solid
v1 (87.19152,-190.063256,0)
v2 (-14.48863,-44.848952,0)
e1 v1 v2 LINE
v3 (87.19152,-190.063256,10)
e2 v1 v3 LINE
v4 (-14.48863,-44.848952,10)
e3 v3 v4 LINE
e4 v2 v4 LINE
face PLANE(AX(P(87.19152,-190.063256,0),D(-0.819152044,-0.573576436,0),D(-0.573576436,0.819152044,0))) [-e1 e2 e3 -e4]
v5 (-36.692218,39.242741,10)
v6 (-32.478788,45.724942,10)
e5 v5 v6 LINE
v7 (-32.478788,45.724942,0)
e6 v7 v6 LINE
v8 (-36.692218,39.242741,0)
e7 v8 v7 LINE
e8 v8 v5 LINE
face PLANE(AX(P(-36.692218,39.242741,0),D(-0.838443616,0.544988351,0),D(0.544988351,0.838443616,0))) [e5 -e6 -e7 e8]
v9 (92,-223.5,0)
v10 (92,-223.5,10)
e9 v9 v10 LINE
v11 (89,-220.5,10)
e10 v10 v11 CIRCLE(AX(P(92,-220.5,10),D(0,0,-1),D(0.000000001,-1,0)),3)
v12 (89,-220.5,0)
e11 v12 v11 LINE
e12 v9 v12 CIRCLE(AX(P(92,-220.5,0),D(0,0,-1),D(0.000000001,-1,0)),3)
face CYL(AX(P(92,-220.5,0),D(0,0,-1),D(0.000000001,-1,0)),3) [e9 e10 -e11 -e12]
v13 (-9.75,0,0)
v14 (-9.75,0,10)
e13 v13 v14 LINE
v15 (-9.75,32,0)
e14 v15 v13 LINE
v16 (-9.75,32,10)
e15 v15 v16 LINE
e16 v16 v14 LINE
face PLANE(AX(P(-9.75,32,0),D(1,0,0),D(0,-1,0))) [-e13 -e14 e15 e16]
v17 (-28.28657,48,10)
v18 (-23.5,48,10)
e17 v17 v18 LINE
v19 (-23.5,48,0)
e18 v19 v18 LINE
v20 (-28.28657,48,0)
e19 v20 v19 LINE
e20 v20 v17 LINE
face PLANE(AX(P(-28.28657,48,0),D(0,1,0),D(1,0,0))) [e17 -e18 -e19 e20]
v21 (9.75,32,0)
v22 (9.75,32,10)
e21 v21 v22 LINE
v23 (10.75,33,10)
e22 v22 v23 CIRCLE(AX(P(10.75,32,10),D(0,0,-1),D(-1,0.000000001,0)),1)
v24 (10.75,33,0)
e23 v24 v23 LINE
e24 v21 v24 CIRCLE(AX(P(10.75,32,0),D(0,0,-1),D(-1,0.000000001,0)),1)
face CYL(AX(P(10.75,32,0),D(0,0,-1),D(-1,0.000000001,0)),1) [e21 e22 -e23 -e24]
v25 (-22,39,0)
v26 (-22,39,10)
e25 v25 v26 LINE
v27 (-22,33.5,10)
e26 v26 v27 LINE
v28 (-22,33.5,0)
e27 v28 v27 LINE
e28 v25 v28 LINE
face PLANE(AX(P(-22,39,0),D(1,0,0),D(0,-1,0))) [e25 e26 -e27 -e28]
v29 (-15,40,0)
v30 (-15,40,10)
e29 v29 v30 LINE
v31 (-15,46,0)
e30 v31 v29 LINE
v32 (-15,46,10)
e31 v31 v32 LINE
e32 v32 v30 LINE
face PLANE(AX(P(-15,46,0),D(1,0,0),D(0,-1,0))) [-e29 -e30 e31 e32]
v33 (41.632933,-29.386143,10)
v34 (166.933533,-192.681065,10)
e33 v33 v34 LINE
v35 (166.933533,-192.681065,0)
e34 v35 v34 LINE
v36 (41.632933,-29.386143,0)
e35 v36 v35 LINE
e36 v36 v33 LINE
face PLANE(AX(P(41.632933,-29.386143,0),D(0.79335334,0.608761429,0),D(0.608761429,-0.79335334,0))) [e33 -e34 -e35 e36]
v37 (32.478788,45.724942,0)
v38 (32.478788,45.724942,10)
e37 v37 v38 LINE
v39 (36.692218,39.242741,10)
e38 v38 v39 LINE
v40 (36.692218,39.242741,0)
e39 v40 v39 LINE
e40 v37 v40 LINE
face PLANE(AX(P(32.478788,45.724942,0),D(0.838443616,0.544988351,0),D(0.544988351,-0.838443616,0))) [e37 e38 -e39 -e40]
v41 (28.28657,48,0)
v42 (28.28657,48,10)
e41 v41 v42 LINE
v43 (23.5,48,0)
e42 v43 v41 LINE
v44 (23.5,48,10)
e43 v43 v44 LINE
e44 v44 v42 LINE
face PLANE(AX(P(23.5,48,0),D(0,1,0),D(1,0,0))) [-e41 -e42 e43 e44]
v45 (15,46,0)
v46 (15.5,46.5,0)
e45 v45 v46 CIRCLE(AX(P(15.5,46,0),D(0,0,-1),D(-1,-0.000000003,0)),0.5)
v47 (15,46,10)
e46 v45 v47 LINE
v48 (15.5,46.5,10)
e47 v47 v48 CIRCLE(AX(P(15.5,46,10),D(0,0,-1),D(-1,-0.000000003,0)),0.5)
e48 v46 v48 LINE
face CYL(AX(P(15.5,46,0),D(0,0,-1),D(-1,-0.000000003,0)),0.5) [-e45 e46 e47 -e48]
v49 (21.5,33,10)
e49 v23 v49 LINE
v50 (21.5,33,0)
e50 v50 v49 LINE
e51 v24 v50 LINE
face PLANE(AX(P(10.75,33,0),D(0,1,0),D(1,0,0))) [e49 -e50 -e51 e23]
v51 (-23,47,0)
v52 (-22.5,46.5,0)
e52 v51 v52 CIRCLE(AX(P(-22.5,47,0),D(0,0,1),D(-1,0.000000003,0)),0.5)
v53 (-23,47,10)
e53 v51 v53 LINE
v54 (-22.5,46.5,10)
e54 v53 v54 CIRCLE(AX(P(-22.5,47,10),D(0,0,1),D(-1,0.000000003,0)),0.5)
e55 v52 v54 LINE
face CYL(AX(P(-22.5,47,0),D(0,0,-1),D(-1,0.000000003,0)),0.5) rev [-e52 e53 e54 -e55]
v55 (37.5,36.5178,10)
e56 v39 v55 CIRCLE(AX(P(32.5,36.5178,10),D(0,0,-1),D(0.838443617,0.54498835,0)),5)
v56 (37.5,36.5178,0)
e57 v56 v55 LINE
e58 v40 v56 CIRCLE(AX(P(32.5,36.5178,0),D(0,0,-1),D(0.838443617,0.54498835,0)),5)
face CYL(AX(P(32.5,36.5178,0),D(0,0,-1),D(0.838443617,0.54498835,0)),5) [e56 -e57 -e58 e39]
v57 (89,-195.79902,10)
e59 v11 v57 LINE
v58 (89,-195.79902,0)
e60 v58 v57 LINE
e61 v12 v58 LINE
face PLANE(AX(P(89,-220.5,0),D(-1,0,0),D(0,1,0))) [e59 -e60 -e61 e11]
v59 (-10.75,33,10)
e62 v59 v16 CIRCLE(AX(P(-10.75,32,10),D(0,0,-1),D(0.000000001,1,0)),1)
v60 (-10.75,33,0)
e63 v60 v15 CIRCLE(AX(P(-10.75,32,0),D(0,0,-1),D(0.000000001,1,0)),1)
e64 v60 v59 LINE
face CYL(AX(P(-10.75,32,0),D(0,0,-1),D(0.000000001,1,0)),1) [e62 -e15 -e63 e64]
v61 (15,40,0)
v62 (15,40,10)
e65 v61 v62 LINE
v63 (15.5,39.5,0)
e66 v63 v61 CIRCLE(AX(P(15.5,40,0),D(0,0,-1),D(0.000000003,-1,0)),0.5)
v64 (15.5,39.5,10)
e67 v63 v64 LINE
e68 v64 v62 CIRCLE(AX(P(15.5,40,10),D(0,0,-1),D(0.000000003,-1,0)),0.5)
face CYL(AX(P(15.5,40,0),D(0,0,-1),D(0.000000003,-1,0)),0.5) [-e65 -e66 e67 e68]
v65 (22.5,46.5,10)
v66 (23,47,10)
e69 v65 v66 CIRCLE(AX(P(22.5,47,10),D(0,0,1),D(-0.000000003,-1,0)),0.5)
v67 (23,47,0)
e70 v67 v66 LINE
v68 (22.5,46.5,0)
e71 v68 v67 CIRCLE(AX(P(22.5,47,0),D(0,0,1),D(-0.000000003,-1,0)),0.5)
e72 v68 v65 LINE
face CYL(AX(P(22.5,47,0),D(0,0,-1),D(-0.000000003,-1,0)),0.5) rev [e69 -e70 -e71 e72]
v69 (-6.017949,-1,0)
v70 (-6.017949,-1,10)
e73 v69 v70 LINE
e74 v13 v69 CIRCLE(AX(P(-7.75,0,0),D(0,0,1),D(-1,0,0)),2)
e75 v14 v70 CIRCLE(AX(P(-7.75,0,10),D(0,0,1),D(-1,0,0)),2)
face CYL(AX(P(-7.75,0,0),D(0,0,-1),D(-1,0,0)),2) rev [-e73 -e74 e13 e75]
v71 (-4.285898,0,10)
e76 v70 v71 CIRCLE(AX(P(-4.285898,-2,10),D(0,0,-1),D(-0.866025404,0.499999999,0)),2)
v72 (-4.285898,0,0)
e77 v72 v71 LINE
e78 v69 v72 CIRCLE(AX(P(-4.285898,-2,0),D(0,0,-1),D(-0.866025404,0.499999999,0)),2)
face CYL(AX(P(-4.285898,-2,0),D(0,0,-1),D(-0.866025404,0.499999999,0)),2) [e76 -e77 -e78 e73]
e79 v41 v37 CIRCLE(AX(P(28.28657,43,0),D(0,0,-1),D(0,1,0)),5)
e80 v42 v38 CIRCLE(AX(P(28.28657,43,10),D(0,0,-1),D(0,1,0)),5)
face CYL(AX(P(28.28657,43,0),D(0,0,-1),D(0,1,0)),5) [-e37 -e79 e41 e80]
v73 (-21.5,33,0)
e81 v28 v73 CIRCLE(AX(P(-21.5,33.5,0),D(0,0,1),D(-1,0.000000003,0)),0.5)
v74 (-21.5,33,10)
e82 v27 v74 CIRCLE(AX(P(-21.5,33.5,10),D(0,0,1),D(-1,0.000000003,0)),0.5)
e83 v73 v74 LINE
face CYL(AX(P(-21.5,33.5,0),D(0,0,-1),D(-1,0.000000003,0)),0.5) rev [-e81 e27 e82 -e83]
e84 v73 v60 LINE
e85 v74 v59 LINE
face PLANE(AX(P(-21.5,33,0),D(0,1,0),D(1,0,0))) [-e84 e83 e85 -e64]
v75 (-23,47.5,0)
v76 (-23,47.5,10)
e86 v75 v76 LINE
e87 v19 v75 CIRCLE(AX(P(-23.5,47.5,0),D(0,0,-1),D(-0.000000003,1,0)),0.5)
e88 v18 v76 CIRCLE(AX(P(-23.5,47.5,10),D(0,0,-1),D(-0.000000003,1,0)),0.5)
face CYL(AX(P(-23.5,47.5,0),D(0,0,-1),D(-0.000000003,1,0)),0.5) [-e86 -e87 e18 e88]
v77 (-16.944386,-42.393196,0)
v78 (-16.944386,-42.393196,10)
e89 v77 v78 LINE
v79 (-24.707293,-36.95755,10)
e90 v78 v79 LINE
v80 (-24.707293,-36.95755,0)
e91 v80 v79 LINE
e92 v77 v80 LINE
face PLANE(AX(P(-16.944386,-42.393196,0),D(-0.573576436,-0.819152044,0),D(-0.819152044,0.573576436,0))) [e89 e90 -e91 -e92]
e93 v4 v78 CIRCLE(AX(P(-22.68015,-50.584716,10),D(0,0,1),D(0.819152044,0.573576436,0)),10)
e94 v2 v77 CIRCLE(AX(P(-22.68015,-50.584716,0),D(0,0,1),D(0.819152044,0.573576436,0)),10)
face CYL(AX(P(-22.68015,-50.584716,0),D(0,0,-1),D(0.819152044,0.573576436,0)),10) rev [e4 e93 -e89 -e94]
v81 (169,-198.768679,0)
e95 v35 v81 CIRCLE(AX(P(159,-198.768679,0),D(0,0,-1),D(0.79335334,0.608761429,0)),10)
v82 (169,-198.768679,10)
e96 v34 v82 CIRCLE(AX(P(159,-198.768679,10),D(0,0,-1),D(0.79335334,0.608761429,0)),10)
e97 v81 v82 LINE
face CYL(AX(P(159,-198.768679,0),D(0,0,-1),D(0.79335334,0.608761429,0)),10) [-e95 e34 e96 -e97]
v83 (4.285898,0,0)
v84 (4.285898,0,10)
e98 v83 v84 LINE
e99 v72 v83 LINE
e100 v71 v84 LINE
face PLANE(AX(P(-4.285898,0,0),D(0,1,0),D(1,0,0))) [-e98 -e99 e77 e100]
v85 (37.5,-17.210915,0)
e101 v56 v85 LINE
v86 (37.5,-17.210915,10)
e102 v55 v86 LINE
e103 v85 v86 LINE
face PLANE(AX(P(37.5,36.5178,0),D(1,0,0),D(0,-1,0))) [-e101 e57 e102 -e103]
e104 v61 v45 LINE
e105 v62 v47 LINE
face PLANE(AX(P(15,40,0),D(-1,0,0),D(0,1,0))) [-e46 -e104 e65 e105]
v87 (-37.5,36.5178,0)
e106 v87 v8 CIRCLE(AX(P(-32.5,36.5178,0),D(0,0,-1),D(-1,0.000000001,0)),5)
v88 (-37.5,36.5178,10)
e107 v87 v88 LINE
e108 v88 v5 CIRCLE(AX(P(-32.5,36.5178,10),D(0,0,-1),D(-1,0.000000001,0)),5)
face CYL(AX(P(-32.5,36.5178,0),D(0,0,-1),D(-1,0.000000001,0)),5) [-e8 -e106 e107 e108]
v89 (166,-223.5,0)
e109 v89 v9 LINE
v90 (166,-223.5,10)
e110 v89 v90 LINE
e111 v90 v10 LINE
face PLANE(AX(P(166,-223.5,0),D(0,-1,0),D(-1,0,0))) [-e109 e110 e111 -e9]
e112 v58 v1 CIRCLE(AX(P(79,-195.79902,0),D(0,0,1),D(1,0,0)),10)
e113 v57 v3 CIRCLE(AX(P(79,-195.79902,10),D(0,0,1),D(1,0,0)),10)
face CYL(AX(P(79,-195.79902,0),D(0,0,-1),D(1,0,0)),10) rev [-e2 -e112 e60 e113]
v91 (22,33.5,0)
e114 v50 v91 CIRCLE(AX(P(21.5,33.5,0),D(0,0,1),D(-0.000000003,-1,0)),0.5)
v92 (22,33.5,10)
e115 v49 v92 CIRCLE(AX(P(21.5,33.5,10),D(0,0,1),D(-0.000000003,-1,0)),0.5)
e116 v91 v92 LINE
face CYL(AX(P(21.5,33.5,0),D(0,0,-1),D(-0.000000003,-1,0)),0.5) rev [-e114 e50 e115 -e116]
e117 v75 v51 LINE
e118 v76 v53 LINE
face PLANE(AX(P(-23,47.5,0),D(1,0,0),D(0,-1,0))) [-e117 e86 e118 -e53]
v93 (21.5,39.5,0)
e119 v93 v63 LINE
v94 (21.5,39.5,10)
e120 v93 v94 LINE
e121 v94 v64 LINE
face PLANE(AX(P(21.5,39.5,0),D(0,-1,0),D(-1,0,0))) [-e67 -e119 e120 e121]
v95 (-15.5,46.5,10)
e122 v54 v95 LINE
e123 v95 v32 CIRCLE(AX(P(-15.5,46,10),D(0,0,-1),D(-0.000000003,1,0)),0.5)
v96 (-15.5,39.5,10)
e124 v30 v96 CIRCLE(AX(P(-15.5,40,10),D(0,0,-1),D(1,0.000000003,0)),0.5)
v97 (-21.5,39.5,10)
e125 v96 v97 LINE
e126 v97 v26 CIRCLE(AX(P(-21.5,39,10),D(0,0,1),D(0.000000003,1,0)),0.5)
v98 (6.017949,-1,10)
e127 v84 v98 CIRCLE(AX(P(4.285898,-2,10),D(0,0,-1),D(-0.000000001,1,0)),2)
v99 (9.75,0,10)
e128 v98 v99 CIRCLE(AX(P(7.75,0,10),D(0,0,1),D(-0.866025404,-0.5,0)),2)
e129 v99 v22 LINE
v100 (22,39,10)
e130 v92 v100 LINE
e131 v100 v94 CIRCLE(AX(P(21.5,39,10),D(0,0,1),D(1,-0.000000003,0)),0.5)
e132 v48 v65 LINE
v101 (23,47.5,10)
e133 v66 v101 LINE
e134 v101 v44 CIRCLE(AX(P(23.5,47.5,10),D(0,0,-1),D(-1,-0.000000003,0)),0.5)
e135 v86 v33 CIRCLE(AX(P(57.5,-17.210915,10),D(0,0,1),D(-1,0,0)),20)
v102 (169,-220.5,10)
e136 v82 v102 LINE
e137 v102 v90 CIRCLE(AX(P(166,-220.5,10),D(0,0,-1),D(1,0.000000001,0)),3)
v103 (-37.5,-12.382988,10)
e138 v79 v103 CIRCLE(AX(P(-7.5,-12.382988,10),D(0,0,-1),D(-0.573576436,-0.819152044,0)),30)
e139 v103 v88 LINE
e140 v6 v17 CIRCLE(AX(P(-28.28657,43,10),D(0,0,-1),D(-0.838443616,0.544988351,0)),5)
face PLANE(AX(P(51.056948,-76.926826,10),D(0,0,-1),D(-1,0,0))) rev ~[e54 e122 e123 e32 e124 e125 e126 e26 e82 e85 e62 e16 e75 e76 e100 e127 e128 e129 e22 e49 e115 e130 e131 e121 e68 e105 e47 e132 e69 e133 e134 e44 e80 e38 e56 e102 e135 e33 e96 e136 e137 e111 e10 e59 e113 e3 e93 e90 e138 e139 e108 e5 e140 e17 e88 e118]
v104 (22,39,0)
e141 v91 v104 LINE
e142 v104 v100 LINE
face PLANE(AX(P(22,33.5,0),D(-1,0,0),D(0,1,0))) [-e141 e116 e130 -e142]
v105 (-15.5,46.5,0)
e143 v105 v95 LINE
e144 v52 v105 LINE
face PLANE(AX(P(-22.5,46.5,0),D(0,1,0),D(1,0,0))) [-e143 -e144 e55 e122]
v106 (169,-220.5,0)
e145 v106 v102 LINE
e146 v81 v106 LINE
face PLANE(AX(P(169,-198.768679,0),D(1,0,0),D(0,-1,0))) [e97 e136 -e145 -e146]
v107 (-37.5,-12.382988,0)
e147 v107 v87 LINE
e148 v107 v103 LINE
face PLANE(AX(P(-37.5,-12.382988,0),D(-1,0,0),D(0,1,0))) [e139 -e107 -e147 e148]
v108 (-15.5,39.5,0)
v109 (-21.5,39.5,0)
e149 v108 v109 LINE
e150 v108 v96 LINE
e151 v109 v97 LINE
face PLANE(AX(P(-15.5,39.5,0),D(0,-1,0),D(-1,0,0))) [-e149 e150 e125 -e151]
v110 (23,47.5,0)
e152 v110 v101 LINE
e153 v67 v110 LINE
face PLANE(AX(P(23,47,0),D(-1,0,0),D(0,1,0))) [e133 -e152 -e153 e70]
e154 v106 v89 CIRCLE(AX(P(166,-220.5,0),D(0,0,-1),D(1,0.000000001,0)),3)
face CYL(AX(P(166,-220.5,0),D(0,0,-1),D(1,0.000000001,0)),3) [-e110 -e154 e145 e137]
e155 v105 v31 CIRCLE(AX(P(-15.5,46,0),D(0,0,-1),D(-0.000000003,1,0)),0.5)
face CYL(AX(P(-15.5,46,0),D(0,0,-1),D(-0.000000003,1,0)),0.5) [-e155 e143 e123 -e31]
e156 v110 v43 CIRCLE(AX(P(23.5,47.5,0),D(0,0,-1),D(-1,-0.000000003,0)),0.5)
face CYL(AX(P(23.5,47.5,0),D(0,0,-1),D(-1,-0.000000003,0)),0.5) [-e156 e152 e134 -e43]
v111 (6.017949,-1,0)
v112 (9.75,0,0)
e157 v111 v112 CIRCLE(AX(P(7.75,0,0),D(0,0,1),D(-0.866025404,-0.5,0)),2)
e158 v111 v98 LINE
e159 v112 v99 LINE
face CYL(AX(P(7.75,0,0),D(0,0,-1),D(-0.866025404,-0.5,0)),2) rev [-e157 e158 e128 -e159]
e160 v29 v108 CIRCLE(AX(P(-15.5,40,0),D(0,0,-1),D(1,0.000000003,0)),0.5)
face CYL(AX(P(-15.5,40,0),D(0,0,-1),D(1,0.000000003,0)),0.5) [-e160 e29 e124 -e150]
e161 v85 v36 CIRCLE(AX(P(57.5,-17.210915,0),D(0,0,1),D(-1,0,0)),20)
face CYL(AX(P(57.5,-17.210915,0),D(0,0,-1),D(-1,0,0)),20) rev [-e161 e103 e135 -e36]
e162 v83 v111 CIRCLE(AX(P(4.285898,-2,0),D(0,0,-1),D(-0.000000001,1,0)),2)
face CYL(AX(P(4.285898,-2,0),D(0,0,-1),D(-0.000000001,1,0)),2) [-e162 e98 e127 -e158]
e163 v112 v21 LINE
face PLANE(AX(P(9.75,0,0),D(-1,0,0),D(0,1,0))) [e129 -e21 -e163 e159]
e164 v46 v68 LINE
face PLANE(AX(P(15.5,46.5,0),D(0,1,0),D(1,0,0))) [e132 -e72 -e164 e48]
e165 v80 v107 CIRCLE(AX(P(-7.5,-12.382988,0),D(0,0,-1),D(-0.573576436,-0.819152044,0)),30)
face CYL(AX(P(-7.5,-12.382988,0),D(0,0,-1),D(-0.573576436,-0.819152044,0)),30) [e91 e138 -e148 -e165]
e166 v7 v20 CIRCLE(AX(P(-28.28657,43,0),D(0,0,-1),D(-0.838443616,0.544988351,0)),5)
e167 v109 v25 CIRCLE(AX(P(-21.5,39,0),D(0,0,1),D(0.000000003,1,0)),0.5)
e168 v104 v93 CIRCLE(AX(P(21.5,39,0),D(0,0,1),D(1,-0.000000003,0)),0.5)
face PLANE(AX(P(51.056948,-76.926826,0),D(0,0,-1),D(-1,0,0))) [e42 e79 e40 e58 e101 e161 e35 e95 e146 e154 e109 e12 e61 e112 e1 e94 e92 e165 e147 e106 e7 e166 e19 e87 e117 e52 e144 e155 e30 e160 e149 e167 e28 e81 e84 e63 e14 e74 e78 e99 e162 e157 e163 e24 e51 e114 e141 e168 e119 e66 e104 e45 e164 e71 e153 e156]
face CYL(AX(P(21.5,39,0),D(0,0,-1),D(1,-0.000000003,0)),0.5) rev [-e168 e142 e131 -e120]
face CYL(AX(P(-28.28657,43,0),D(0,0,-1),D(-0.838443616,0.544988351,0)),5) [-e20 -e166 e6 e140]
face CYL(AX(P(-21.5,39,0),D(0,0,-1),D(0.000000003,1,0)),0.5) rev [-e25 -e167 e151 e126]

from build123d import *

# Parameters (mm, degrees)
EXTRUDE1_DEPTH = 10


with BuildPart() as part:
    # Sketch1 → Extrude1 (new body)
    with BuildSketch(Plane.XY):
        with BuildLine():
            Line((-4.285898385, 0), (4.285898385, 0))
            ThreePointArc((4.285898385, 0), (5.285898385, -0.267949192), (6.017949192, -1))
            ThreePointArc((6.017949192, -1), (8.26763809, -1.931851653), (9.75, 0))
            Line((9.75, 0), (9.75, 32))
            ThreePointArc((9.75, 32), (10.042893219, 32.707106781), (10.75, 33))
            Line((10.75, 33), (21.5, 33))
            ThreePointArc((21.5, 33), (21.853553391, 33.146446609), (22, 33.5))
            Line((22, 33.5), (22, 39))
            ThreePointArc((22, 39), (21.853553391, 39.353553391), (21.5, 39.5))
            Line((21.5, 39.5), (15.5, 39.5))
            ThreePointArc((15.5, 39.5), (15.146446609, 39.646446609), (15, 40))
            Line((15, 40), (15, 46))
            ThreePointArc((15, 46), (15.146446609, 46.353553391), (15.5, 46.5))
            Line((15.5, 46.5), (22.5, 46.5))
            ThreePointArc((22.5, 46.5), (22.853553391, 46.646446609), (23, 47))
            Line((23, 47), (23, 47.5))
            ThreePointArc((23, 47.5), (23.146446609, 47.853553391), (23.5, 48))
            Line((23.5, 48), (28.286569779, 48))
            ThreePointArc((28.286569779, 48), (30.671448312, 47.39458239), (32.478787861, 45.724941753))
            Line((32.478787861, 45.724941753), (36.692218082, 39.242741413))
            ThreePointArc((36.692218082, 39.242741413), (37.293802791, 37.938874885), (37.5, 36.51779966))
            Line((37.5, 36.51779966), (37.5, -17.210914823))
            ThreePointArc((37.5, -17.210914823), (38.56139741, -23.639704129), (41.632933194, -29.386143403))
            Line((41.632933194, -29.386143403), (166.933533403, -192.681064827))
            ThreePointArc((166.933533403, -192.681064827), (168.469301295, -195.554284464), (169, -198.768679117))
            Line((169, -198.768679117), (169, -220.5))
            ThreePointArc((169, -220.5), (168.121320344, -222.621320344), (166, -223.5))
            Line((166, -223.5), (92, -223.5))
            ThreePointArc((92, -223.5), (89.878679656, -222.621320344), (89, -220.5))
            Line((89, -220.5), (89, -195.799020434))
            ThreePointArc((89, -195.799020434), (88.537169507, -192.791962439), (87.191520443, -190.06325607))
            Line((87.191520443, -190.06325607), (-14.488629988, -44.848951908))
            ThreePointArc((-14.488629988, -44.848951908), (-15.609082619, -43.513648459), (-16.944386067, -42.393195828))
            Line((-16.944386067, -42.393195828), (-24.707293091, -36.957549812))
            ThreePointArc((-24.707293091, -36.957549812), (-34.110324995, -26.23544688), (-37.5, -12.382988483))
            Line((-37.5, -12.382988483), (-37.5, 36.51779966))
            ThreePointArc((-37.5, 36.51779966), (-37.293802791, 37.938874885), (-36.692218082, 39.242741413))
            Line((-36.692218082, 39.242741413), (-32.478787861, 45.724941753))
            ThreePointArc((-32.478787861, 45.724941753), (-30.671448312, 47.39458239), (-28.286569779, 48))
            Line((-28.286569779, 48), (-23.5, 48))
            ThreePointArc((-23.5, 48), (-23.146446609, 47.853553391), (-23, 47.5))
            Line((-23, 47.5), (-23, 47))
            ThreePointArc((-23, 47), (-22.853553391, 46.646446609), (-22.5, 46.5))
            Line((-22.5, 46.5), (-15.5, 46.5))
            ThreePointArc((-15.5, 46.5), (-15.146446609, 46.353553391), (-15, 46))
            Line((-15, 46), (-15, 40))
            ThreePointArc((-15, 40), (-15.146446609, 39.646446609), (-15.5, 39.5))
            Line((-15.5, 39.5), (-21.5, 39.5))
            ThreePointArc((-21.5, 39.5), (-21.853553391, 39.353553391), (-22, 39))
            Line((-22, 39), (-22, 33.5))
            ThreePointArc((-22, 33.5), (-21.853553391, 33.146446609), (-21.5, 33))
            Line((-21.5, 33), (-10.75, 33))
            ThreePointArc((-10.75, 33), (-10.042893219, 32.707106781), (-9.75, 32))
            Line((-9.75, 32), (-9.75, 0))
            ThreePointArc((-9.75, 0), (-8.26763809, -1.931851653), (-6.017949192, -1))
            ThreePointArc((-6.017949192, -1), (-5.285898385, -0.267949192), (-4.285898385, 0))
        make_face()
    extrude(amount=EXTRUDE1_DEPTH)


solid = part.part
